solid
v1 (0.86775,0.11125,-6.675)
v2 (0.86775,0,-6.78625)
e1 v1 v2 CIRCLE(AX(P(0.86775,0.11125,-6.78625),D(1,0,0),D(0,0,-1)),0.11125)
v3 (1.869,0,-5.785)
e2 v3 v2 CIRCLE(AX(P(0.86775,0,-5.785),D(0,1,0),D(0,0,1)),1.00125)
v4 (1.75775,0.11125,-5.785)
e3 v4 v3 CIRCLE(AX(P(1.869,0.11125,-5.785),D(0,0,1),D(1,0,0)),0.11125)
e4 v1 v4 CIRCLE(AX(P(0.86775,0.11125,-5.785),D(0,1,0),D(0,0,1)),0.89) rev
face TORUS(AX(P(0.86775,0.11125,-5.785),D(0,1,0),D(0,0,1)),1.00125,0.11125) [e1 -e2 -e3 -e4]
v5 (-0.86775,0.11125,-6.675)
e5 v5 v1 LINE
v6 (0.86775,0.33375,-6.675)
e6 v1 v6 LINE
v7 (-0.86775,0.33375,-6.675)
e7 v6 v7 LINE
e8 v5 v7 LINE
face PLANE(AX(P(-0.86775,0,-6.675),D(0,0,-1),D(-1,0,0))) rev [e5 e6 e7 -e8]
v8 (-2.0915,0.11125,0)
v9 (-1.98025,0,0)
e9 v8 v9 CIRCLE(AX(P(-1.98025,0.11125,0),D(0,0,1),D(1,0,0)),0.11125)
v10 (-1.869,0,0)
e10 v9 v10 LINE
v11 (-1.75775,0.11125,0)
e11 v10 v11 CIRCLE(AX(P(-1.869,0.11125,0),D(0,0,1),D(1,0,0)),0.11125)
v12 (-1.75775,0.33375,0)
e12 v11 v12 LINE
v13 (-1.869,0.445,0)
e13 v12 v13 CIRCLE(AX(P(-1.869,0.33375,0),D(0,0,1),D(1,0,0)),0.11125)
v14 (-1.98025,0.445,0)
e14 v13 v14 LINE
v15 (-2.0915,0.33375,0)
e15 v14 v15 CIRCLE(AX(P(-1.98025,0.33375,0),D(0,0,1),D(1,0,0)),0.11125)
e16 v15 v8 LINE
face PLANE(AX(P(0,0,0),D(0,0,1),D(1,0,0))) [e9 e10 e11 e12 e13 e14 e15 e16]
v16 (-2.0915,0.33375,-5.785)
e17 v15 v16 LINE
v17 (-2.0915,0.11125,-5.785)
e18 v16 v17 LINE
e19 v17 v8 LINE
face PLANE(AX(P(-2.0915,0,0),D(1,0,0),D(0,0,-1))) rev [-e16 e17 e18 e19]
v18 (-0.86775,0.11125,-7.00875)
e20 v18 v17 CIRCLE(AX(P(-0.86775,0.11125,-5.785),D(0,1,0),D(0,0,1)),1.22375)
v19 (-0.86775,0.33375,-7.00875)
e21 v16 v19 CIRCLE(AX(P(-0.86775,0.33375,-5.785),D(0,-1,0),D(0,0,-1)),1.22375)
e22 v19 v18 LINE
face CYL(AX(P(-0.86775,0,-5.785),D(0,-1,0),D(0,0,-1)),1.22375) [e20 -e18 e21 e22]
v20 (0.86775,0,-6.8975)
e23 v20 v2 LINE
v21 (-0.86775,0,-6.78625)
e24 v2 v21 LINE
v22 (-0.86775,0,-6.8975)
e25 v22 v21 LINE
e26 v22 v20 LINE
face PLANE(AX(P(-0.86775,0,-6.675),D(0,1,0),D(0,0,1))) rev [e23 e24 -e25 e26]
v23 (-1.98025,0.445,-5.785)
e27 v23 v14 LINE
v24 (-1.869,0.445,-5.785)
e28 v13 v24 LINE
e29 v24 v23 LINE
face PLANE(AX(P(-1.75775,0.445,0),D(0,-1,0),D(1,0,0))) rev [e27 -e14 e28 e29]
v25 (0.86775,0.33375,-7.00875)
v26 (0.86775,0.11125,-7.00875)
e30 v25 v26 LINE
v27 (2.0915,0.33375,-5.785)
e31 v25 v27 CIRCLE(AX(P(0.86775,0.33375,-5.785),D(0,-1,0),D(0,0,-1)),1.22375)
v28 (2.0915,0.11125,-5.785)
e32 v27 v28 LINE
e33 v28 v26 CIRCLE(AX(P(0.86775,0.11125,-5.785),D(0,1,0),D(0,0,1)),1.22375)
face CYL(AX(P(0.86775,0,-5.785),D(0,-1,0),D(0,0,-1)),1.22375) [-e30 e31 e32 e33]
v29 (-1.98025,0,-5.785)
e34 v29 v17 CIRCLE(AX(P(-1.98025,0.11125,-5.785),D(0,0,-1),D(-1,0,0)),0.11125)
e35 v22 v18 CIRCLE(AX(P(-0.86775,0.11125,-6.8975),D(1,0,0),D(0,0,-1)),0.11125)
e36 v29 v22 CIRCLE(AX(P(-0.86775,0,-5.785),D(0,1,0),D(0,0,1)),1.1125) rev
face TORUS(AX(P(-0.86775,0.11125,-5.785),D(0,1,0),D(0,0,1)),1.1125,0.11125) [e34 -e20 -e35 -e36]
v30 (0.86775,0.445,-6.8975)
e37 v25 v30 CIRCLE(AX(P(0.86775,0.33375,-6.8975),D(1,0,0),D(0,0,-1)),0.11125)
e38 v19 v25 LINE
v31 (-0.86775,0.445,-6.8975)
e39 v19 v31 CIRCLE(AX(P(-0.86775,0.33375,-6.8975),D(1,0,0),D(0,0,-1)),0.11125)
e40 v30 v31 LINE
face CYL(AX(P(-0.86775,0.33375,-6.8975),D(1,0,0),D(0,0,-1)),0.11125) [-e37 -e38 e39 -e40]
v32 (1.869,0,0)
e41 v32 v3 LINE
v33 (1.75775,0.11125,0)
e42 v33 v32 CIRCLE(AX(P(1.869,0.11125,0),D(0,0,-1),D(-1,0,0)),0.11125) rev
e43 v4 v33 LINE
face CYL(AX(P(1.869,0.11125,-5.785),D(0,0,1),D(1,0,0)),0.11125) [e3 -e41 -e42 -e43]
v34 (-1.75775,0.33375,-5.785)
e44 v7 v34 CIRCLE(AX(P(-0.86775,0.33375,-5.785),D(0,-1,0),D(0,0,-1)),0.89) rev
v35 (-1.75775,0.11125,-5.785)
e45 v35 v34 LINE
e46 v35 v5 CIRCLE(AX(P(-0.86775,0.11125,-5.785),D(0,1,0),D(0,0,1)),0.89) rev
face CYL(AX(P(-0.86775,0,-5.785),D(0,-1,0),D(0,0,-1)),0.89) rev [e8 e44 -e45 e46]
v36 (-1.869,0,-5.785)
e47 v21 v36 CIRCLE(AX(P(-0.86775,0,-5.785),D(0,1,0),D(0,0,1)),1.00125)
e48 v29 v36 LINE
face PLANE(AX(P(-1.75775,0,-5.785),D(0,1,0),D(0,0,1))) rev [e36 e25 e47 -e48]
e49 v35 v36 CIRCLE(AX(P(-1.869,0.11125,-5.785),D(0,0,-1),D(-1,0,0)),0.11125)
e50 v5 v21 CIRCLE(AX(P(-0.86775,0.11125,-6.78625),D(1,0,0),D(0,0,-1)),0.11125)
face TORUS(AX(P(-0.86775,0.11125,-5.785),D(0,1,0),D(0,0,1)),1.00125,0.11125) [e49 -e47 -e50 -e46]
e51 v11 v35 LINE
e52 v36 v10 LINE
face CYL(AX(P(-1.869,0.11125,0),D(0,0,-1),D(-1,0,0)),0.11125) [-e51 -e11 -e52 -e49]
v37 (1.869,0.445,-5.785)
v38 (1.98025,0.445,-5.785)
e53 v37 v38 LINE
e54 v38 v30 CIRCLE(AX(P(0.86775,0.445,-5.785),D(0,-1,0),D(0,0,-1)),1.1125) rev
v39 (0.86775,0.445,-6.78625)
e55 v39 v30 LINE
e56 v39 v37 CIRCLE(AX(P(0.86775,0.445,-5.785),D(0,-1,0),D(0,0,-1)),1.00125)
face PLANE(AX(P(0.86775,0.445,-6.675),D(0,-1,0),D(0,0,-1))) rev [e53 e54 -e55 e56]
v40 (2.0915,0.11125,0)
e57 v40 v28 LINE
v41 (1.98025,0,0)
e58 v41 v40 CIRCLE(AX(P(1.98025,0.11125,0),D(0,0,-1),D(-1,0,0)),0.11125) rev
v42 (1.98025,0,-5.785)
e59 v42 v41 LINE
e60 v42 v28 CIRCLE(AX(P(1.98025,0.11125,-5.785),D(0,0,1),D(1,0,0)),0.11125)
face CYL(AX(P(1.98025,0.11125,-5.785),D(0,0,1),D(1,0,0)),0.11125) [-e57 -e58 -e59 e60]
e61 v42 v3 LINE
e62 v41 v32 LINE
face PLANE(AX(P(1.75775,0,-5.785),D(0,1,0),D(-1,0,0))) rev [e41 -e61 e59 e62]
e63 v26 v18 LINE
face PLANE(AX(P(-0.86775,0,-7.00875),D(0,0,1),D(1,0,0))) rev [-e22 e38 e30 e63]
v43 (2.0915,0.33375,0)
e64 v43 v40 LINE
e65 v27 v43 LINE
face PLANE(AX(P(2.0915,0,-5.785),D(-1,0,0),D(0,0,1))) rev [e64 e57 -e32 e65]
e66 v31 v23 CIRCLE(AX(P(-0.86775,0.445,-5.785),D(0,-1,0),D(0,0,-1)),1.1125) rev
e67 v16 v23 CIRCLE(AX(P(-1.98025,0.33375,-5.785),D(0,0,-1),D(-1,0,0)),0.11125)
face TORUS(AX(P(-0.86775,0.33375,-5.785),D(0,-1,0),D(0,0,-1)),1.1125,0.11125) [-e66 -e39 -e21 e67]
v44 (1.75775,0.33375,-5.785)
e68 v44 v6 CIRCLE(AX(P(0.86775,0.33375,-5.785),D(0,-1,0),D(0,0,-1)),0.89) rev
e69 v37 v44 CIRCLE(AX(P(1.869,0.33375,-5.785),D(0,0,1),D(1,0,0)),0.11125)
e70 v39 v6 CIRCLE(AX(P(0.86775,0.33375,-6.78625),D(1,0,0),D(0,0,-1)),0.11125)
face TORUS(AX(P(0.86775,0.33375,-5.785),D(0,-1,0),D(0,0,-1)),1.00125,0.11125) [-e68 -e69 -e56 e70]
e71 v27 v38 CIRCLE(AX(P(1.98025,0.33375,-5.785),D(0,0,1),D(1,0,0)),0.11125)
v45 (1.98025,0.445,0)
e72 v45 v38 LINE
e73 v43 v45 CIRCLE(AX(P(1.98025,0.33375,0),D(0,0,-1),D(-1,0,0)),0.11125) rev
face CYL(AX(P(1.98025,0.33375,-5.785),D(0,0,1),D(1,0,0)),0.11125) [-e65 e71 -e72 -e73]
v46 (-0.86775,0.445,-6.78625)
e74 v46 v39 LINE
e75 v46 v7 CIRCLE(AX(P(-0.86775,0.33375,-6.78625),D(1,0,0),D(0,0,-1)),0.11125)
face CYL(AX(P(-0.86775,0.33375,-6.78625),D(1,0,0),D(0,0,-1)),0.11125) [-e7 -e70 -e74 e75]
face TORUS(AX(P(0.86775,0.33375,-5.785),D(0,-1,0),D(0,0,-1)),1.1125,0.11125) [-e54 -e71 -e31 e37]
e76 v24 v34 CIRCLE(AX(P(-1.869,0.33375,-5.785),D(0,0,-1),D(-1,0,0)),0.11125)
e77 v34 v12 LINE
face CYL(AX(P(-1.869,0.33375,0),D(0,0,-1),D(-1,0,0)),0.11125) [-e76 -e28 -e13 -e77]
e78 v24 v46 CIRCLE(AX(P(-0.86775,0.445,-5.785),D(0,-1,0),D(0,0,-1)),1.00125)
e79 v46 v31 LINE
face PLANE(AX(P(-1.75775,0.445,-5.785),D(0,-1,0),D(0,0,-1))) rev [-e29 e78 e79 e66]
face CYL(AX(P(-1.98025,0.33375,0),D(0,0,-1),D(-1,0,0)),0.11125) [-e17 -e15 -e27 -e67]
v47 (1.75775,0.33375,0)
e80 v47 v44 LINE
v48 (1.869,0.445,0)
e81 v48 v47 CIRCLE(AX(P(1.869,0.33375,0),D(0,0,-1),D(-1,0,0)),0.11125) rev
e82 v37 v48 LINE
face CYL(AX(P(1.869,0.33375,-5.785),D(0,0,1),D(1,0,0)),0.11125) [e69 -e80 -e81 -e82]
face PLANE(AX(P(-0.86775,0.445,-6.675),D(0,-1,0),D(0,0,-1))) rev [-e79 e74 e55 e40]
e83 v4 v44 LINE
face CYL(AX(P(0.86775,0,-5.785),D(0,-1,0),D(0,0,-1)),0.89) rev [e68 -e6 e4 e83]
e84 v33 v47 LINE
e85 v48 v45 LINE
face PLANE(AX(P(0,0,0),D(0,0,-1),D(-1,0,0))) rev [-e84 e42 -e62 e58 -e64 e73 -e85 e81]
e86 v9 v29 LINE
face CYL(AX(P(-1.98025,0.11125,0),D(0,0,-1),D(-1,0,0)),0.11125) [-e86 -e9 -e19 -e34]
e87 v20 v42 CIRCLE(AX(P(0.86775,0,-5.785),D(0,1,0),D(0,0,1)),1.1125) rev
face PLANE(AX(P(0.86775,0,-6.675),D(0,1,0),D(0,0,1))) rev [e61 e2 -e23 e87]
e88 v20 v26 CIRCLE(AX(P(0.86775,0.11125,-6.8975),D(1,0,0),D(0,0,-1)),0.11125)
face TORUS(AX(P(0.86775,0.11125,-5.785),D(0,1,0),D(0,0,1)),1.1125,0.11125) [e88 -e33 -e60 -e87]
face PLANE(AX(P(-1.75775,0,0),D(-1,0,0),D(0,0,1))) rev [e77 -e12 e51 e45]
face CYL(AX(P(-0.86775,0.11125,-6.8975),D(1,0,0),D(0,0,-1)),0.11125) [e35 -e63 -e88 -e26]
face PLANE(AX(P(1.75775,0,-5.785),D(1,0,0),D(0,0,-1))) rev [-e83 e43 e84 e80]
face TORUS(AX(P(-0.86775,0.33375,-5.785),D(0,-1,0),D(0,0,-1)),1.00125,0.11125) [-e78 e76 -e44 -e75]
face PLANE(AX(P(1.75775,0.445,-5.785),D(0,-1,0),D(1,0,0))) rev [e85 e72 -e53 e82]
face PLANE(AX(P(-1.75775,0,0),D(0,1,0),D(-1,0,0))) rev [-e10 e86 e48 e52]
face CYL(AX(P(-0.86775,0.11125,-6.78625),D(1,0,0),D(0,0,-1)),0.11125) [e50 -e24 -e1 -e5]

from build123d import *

# Parameters (mm, degrees)
SKETCH2_W    = 0.75
SKETCH2_H    = 1
FILLET1_R    = 0.25
SCALE1_SCALE = 0.445


with BuildPart() as part:
    # Sweep1: sweep along a path in Sketch1
    with BuildLine(Plane(origin=(0, 0, 0), x_dir=(1, 0, 0), z_dir=(0, 1, 0))) as sweep1_path:
        Line((-3.95, 0), (-3.95, 13))
        ThreePointArc((-3.95, 13), (-3.364213562, 14.414213562), (-1.95, 15))
        Line((-1.95, 15), (1.95, 15))
        ThreePointArc((1.95, 15), (3.364213562, 14.414213562), (3.95, 13))
        Line((3.95, 13), (3.95, 0))
    # Sketch2 → Sweep1 (sweep)
    with BuildSketch(Plane.XY):
        with Locations((-4.325, 0.5)):
            Rectangle(SKETCH2_W, SKETCH2_H)
    sweep(path=sweep1_path.line)

    # Fillet1
    fillet1_edges = [part.edges().sort_by_distance(p)[0] for p in [
        (3.95, 1, -6.5),
        (4.7, 1, -6.5),
        (4.7, 0, -6.5),
        (-3.95, 0, -6.5),
        (-3.95, 1, -6.5),
        (-4.7, 1, -6.5),
        (-4.7, 0, -6.5),
        (-3.364213562, 0, -14.414213562),
        (-3.364213562, 1, -14.414213562),
        (-3.894543648, 1, -14.944543648),
        (-3.894543648, 0, -14.944543648),
        (0, 0, -15),
        (0, 1, -15),
        (0, 1, -15.75),
        (0, 0, -15.75),
        (3.364213562, 0, -14.414213562),
        (3.364213562, 1, -14.414213562),
        (3.894543648, 1, -14.944543648),
        (3.894543648, 0, -14.944543648),
        (3.95, 0, -6.5),
    ]]
    fillet(fillet1_edges, radius=FILLET1_R)


with BuildPart() as part_1:
    # Scale1: scaled about (0, 0, 0)
    add(part.part.scale(SCALE1_SCALE))


solid = part_1.part
